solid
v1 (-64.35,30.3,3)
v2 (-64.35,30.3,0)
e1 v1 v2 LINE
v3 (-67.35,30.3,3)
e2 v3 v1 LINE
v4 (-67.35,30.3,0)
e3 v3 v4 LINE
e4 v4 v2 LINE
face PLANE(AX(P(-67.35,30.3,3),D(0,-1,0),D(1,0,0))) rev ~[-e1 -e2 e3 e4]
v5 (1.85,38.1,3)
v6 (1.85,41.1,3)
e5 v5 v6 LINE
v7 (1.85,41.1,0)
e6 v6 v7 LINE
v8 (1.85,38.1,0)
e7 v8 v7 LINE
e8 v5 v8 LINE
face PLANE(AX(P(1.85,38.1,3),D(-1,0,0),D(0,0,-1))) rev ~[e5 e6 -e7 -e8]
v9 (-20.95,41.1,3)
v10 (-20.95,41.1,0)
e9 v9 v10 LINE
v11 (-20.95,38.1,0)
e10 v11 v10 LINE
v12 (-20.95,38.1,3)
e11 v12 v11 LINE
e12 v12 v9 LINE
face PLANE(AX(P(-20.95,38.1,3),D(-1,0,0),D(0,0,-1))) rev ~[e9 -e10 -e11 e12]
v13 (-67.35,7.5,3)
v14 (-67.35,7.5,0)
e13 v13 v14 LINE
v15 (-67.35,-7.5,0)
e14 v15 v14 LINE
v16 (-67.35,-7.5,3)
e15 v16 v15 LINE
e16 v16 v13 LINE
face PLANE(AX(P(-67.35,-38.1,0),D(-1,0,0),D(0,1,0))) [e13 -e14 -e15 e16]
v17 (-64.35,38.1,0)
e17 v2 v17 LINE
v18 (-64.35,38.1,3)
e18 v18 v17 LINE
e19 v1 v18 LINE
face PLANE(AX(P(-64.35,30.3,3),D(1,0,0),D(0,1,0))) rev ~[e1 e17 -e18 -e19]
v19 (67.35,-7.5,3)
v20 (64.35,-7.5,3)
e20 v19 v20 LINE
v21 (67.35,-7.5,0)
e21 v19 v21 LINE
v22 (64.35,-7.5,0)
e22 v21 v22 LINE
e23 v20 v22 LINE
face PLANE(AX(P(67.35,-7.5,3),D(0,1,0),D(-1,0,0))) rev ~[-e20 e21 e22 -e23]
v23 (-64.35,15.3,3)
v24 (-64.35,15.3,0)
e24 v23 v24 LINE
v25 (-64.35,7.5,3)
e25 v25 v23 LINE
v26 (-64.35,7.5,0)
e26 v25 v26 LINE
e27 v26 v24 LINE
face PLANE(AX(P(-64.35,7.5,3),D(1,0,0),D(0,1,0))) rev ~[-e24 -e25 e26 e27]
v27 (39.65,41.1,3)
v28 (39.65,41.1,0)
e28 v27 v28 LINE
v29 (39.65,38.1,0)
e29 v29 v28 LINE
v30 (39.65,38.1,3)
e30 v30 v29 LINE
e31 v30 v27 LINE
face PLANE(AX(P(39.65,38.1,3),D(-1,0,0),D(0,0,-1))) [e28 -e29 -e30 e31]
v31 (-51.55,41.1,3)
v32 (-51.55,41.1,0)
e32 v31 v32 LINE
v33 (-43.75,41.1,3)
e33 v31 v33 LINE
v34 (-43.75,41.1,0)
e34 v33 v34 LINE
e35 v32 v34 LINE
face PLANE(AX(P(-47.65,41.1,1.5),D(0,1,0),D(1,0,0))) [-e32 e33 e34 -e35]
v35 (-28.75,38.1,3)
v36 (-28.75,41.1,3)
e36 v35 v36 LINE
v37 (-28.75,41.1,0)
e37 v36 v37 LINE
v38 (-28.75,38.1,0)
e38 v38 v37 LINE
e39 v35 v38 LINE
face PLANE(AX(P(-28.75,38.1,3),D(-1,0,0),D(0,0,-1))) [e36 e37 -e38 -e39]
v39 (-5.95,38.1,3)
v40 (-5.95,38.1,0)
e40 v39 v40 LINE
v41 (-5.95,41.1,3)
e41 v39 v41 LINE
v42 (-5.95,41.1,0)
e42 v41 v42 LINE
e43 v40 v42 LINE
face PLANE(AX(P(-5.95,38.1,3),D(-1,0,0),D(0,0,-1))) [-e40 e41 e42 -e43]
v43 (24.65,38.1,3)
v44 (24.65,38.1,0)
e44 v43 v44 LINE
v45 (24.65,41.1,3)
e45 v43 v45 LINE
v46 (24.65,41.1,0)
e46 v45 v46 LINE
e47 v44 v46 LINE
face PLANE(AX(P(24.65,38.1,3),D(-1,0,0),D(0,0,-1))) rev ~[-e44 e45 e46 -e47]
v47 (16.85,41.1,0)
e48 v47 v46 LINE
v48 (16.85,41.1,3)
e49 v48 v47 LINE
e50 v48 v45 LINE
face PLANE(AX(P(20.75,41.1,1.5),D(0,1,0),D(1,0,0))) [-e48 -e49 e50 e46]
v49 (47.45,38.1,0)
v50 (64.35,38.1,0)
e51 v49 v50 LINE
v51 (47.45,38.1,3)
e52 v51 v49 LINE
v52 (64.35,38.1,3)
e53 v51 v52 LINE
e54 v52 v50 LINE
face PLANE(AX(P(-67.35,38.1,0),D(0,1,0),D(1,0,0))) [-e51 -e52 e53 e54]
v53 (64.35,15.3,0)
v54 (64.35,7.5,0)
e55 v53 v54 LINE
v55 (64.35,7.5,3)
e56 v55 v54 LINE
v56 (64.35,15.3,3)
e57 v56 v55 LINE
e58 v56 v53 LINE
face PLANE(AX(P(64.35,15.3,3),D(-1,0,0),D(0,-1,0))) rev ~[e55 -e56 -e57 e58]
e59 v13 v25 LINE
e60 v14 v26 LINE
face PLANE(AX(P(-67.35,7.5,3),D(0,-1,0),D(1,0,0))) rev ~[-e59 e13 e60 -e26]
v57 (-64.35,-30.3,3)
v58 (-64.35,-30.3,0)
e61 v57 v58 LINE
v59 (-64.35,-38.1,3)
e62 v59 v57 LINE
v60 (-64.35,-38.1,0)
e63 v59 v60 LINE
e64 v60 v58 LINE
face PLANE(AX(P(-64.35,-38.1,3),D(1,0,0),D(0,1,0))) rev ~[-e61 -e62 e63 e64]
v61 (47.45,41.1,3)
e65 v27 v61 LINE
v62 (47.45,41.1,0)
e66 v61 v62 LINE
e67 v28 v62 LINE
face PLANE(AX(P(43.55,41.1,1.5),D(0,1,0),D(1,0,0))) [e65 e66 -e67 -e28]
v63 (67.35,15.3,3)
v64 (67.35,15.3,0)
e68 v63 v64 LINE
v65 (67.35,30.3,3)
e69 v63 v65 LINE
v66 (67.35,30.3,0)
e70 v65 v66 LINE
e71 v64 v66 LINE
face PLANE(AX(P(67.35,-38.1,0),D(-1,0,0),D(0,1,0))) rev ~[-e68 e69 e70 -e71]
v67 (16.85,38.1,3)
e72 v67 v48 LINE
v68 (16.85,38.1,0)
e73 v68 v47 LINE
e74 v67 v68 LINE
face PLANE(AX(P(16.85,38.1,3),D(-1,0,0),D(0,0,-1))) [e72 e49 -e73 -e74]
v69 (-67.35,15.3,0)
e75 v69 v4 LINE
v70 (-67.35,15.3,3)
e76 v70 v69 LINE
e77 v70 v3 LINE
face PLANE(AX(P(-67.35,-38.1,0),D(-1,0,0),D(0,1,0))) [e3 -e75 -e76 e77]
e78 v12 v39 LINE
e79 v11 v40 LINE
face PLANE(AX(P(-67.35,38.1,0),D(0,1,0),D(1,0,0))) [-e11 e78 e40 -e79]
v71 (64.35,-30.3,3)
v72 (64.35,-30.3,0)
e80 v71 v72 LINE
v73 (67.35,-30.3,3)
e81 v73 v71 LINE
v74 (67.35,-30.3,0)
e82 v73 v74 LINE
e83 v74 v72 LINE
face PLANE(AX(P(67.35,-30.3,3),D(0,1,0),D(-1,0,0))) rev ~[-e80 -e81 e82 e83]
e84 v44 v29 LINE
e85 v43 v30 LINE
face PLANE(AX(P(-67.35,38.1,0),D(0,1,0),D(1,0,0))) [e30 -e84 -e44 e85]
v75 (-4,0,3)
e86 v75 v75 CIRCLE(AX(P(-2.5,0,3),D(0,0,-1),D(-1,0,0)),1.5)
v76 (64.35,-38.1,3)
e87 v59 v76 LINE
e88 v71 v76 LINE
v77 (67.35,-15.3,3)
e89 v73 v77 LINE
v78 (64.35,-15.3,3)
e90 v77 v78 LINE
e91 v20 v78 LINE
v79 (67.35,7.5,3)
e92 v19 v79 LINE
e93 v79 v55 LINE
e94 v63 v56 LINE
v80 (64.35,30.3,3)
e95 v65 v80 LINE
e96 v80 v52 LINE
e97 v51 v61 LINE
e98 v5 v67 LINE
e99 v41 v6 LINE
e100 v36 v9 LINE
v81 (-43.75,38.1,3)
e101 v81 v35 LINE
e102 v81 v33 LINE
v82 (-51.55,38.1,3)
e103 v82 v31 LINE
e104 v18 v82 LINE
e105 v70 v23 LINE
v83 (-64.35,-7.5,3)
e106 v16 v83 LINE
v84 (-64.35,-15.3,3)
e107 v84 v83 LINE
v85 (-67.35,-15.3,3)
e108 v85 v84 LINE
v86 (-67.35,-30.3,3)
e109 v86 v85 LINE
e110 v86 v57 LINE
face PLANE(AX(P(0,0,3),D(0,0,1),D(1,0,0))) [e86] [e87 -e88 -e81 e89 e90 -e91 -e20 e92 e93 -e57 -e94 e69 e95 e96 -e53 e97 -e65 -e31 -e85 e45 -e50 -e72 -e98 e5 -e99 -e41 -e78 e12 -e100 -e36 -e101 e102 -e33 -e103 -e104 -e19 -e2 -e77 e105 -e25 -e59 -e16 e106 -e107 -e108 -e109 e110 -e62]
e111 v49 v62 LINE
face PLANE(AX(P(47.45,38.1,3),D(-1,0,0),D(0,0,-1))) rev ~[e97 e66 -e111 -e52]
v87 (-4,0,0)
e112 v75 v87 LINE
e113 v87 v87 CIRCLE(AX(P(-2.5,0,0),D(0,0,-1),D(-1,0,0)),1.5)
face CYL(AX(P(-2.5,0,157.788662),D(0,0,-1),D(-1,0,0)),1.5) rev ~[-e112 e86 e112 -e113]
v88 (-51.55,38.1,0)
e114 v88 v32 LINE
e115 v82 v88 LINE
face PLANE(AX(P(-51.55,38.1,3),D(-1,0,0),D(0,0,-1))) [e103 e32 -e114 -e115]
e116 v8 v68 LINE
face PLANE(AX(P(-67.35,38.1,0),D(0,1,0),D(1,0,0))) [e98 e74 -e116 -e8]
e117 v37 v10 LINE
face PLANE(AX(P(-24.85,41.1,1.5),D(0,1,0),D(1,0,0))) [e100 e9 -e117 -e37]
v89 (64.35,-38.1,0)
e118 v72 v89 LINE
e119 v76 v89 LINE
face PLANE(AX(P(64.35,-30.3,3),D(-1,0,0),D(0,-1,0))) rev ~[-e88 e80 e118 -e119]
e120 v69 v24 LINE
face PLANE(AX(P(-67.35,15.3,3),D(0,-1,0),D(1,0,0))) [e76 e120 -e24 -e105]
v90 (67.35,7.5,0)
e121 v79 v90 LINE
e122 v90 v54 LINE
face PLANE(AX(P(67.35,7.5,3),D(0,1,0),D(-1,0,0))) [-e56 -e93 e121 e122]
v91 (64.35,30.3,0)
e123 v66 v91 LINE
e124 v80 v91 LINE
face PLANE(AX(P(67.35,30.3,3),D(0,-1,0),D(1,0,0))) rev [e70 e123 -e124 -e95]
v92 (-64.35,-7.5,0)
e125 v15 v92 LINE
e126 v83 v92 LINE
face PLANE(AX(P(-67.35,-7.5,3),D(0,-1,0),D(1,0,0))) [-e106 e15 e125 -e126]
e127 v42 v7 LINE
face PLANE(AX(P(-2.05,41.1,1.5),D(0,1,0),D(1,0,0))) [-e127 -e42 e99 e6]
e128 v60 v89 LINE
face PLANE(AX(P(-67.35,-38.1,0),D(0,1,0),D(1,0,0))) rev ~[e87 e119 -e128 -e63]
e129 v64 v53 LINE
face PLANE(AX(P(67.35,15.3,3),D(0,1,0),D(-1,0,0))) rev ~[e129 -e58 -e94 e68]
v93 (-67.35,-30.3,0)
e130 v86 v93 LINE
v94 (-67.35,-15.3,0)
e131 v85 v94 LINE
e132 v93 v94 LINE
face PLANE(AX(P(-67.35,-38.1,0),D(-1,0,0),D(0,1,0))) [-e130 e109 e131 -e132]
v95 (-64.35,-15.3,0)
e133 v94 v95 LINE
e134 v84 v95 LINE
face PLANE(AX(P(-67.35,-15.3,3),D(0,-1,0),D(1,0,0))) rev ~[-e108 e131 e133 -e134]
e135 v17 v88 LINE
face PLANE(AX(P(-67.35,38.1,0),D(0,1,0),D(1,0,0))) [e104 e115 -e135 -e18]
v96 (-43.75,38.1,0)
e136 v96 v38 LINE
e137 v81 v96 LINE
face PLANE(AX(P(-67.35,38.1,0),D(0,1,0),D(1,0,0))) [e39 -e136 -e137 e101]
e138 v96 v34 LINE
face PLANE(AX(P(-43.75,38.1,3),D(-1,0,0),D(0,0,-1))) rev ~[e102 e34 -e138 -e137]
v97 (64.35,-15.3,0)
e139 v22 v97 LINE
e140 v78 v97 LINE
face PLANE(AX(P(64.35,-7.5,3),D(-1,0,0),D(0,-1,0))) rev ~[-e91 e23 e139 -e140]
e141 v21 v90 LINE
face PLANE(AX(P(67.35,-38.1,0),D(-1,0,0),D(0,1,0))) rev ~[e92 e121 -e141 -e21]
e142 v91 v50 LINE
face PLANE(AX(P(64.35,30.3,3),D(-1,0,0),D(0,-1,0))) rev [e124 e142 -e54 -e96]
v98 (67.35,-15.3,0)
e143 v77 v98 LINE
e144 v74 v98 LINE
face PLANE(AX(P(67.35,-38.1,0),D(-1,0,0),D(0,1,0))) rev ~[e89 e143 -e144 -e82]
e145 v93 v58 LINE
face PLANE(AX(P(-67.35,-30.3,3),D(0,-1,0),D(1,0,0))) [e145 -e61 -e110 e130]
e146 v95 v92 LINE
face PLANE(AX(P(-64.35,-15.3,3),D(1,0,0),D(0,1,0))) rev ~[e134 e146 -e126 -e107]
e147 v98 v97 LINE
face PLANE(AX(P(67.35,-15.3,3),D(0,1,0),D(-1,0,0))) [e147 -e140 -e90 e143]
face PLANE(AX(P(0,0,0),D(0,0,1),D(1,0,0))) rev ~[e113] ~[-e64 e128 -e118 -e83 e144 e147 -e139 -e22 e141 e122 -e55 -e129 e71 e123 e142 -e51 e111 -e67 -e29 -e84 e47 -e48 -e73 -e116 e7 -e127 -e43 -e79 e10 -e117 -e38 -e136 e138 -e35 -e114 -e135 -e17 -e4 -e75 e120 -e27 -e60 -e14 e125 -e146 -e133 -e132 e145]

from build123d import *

# Parameters (mm, degrees)
SKETCH1_W                       = 134.7
SKETCH1_H                       = 76.2
BOSS_EXTRUDE1_DEPTH             = 3
SKETCH2_W                       = 3
SKETCH2_H                       = 7.8
CUT_EXTRUDE1_DEPTH              = 78.437926754
LPATTERN1_COUNT                 = 4
LPATTERN1_PITCH                 = 22.8
F_3_0MM_CLEARANCE_DOWEL_HOLE1_D = 3
MIRROR4_COPY_1_SKETCH_W         = 3
MIRROR4_COPY_1_SKETCH_H         = 7.8
MIRROR4_COPY_1_DEPTH            = 78.437926754
MIRROR4_COPY_2_SKETCH_W         = 3
MIRROR4_COPY_2_SKETCH_H         = 7.8
MIRROR4_COPY_2_DEPTH            = 78.437926754
MIRROR4_COPY_3_SKETCH_W         = 3
MIRROR4_COPY_3_SKETCH_H         = 7.8
MIRROR4_COPY_3_DEPTH            = 78.437926754
SKETCH5_W                       = 7.8
SKETCH5_H                       = 3
BOSS_EXTRUDE2_DEPTH             = 3
LPATTERN2_COUNT                 = 5
LPATTERN2_PITCH                 = 22.8


with BuildPart() as part:
    # Sketch1 → Boss-Extrude1 (new body)
    with BuildSketch(Plane.XY):
        Rectangle(SKETCH1_W, SKETCH1_H)
    extrude(amount=BOSS_EXTRUDE1_DEPTH)

    # Sketch2 → Cut-Extrude1 (cut, through all)
    with BuildSketch(Plane.XY.offset(3)):
        with Locations((-65.85, 34.2)):
            Rectangle(SKETCH2_W, SKETCH2_H)
    cut_extrude1 = extrude(amount=-CUT_EXTRUDE1_DEPTH, mode=Mode.SUBTRACT)

    # LPattern1: Cut-Extrude1 ×4
    with Locations(*[(0, -i * LPATTERN1_PITCH, 0) for i in range(1, LPATTERN1_COUNT)]):
        add(cut_extrude1, mode=Mode.SUBTRACT)

    # Ø3.0mm Clearance Dowel Hole1 (through all)
    with Locations(Plane.XY.offset(3)):
        with Locations((-2.5, 0)):
            Hole(F_3_0MM_CLEARANCE_DOWEL_HOLE1_D / 2)

    # Mirror4: Cut-Extrude1 across plane
    add(cut_extrude1.mirror(Plane(origin=(0, 0, 0), x_dir=(0, 0, 1), z_dir=(1, 0, 0))), mode=Mode.SUBTRACT)

    # Mirror4 copy 1 sketch → Mirror4 copy 1 (cut, through all)
    with BuildSketch(Plane(origin=(0, -22.8, 3), x_dir=(-1, 0, 0), z_dir=(0, 0, 1))):
        with Locations((-65.85, -34.2)):
            Rectangle(MIRROR4_COPY_1_SKETCH_W, MIRROR4_COPY_1_SKETCH_H)
    extrude(amount=-MIRROR4_COPY_1_DEPTH, mode=Mode.SUBTRACT)

    # Mirror4 copy 2 sketch → Mirror4 copy 2 (cut, through all)
    with BuildSketch(Plane(origin=(0, -45.6, 3), x_dir=(-1, 0, 0), z_dir=(0, 0, 1))):
        with Locations((-65.85, -34.2)):
            Rectangle(MIRROR4_COPY_2_SKETCH_W, MIRROR4_COPY_2_SKETCH_H)
    extrude(amount=-MIRROR4_COPY_2_DEPTH, mode=Mode.SUBTRACT)

    # Mirror4 copy 3 sketch → Mirror4 copy 3 (cut, through all)
    with BuildSketch(Plane(origin=(0, -68.4, 3), x_dir=(-1, 0, 0), z_dir=(0, 0, 1))):
        with Locations((-65.85, -34.2)):
            Rectangle(MIRROR4_COPY_3_SKETCH_W, MIRROR4_COPY_3_SKETCH_H)
    extrude(amount=-MIRROR4_COPY_3_DEPTH, mode=Mode.SUBTRACT)

    # Sketch5 → Boss-Extrude2 (add)
    with BuildSketch(Plane(origin=(0, 38.1, 0), x_dir=(1, 0, 0), z_dir=(0, 1, 0))):
        with Locations((-47.65, -1.5)):
            Rectangle(SKETCH5_W, SKETCH5_H)
    boss_extrude2 = extrude(amount=BOSS_EXTRUDE2_DEPTH)

    # LPattern2: Boss-Extrude2 ×5
    with Locations(*[(i * LPATTERN2_PITCH, 0, 0) for i in range(1, LPATTERN2_COUNT)]):
        add(boss_extrude2)


solid = part.part
